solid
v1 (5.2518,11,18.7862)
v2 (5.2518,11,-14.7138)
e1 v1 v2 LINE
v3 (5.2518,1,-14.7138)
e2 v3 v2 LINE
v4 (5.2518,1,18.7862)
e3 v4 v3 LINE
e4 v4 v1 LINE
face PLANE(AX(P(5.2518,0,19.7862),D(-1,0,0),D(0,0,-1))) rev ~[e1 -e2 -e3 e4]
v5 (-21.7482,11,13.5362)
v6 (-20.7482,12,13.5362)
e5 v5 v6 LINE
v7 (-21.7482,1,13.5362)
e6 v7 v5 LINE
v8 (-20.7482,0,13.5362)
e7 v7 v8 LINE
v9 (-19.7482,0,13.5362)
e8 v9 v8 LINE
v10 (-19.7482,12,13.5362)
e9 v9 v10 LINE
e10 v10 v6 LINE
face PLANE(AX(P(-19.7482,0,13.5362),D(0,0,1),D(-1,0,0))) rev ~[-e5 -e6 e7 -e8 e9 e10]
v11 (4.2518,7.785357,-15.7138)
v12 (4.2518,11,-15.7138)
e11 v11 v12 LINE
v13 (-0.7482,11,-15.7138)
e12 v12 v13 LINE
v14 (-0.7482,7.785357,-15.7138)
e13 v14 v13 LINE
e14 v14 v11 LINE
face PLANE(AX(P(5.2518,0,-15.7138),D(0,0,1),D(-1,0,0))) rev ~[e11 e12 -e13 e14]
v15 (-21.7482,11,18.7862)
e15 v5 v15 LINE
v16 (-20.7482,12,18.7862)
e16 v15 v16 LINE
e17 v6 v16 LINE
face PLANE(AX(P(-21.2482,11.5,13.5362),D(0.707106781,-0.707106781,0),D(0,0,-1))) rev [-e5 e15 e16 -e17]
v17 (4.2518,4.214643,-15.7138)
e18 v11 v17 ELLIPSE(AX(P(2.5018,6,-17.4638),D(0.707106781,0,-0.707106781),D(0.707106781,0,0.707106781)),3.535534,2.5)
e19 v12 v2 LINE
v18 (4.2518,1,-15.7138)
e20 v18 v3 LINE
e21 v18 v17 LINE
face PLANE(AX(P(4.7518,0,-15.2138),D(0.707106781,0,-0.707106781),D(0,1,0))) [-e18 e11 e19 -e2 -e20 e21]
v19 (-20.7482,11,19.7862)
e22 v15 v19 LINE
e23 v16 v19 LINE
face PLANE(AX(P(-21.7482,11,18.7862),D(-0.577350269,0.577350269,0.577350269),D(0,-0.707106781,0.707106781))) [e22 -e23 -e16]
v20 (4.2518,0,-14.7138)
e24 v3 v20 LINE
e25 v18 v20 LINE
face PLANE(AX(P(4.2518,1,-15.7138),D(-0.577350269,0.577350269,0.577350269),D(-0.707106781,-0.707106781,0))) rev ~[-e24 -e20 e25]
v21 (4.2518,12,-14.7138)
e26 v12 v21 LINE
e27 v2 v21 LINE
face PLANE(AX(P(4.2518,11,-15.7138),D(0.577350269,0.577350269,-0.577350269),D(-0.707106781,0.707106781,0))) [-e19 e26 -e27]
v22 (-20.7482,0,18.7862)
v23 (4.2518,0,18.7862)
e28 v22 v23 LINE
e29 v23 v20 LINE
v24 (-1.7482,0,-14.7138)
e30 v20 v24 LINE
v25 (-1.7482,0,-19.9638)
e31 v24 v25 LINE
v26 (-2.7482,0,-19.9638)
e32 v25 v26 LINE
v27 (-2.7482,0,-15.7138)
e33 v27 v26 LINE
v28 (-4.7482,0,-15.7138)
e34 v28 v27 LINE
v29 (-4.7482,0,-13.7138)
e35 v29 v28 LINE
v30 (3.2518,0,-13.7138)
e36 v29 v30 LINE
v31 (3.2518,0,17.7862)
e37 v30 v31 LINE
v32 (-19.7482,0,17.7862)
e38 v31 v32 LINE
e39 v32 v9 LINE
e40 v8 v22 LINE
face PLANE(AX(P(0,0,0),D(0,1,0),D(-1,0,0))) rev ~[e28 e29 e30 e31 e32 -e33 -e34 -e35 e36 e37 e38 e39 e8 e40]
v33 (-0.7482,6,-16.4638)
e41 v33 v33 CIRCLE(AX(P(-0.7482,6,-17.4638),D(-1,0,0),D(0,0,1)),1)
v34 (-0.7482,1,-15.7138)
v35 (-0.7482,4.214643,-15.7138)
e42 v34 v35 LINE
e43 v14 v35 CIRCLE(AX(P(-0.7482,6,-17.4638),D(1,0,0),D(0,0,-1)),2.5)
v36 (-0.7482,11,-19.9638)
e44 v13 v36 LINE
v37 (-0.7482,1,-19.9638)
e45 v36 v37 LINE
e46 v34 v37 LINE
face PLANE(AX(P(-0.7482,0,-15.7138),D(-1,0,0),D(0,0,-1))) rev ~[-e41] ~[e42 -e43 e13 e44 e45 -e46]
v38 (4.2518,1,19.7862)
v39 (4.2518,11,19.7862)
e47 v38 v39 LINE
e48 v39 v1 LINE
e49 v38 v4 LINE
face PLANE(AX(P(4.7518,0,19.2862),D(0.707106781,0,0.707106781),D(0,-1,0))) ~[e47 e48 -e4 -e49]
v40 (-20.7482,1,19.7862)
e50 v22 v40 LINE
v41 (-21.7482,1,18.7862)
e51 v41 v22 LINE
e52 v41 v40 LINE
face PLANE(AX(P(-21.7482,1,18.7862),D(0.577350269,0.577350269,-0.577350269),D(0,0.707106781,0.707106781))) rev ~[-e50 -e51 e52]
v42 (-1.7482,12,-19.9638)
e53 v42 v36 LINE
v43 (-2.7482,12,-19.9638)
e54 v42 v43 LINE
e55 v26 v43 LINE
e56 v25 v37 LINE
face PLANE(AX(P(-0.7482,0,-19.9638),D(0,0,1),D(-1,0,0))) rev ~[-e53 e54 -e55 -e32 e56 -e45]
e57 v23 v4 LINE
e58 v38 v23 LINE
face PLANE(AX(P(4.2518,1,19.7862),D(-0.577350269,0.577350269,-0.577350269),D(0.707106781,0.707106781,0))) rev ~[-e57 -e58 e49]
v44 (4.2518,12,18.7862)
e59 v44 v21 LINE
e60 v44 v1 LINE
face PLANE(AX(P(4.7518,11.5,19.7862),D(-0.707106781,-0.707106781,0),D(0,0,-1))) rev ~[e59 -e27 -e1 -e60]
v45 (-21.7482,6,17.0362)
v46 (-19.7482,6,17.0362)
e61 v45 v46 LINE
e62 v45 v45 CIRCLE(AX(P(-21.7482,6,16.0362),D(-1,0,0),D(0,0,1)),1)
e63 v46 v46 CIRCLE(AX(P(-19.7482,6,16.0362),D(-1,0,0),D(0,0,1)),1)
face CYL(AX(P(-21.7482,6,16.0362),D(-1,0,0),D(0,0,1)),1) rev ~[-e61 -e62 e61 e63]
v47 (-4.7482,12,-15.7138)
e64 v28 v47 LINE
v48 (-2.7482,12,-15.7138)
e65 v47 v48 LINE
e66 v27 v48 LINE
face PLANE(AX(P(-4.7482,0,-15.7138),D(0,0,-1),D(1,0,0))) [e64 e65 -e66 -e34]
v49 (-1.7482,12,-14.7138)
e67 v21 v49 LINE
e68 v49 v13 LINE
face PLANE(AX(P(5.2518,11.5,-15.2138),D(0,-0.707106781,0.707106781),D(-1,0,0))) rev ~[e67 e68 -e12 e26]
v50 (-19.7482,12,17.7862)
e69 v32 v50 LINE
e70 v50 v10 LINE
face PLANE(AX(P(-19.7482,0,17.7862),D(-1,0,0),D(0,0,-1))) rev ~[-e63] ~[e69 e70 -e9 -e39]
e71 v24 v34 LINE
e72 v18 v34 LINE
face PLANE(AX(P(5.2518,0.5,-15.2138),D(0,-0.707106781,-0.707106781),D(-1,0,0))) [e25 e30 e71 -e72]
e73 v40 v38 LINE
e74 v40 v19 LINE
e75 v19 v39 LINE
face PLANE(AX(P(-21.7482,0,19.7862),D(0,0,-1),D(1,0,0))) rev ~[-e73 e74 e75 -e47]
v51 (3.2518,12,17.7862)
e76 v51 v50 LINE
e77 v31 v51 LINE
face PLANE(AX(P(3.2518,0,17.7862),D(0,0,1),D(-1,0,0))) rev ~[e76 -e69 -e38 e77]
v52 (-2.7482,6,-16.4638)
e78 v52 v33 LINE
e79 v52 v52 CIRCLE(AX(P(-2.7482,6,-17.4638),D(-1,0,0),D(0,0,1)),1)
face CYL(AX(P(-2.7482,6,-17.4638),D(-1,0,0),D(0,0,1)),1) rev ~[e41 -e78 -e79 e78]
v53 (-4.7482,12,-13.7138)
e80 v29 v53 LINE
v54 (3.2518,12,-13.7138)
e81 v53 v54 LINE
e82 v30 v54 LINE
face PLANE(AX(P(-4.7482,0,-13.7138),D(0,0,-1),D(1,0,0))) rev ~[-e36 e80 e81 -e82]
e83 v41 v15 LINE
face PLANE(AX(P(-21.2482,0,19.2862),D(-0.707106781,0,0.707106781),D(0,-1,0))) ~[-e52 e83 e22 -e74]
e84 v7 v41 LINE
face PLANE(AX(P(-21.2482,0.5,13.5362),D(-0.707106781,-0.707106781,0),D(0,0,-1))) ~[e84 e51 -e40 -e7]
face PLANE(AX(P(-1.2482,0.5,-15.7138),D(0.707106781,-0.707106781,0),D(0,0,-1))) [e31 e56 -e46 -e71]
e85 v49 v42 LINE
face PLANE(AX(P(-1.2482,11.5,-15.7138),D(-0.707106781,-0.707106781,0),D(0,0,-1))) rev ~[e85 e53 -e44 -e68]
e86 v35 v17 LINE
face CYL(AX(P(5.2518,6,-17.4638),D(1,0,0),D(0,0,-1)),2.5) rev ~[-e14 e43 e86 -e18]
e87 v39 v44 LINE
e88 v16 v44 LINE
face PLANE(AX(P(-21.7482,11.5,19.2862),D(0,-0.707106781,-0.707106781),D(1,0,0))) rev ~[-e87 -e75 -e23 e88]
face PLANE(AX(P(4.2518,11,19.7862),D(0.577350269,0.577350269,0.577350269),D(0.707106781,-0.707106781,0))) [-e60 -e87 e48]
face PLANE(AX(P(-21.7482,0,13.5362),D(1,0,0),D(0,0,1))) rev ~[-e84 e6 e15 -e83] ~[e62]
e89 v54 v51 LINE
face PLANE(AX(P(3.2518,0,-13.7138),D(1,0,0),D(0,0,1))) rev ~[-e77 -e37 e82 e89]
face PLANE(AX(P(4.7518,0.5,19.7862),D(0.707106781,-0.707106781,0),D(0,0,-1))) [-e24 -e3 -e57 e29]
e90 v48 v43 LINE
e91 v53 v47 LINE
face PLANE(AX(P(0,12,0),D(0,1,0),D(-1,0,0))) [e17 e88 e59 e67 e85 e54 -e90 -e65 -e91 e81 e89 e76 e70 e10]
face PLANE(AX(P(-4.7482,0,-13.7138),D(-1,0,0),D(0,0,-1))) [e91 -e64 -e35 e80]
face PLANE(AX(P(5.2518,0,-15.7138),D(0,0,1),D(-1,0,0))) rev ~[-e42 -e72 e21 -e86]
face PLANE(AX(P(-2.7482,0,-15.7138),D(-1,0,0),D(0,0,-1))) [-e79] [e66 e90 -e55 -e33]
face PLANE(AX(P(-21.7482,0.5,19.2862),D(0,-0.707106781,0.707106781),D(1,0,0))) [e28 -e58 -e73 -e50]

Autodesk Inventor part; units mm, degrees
ref_plane "YZ Plane" through (0, 0, 0) normal (1, 0, 0) x (0, 1, 0)
ref_plane "XZ Plane" through (0, 0, 0) normal (0, 1, 0) x (-1, 0, 0)
ref_plane "XY Plane" through (0, 0, 0) normal (0, 0, 1) x (1, 0, 0)
sketch "Sketch1" plane through (0, 0, 0) normal (0, 1, 0) x (-1, 0, 0)
  line L0 (21.7482, 13.5362) -> (21.7482, 19.7862)
  line L1 (21.7482, 19.7862) -> (-5.2518, 19.7862)
  line L2 (-5.2518, 19.7862) -> (-5.2518, -15.7138)
  line L3 (-5.2518, -15.7138) -> (0.7482, -15.7138)
  line L4 (0.7482, -15.7138) -> (0.7482, -19.9638)
  line L5 (0.7482, -19.9638) -> (2.7482, -19.9638)
  line L6 (4.7482, -13.7138) -> (-3.2518, -13.7138)
  line L7 (-3.2518, -13.7138) -> (-3.2518, 17.7862)
  line L8 (-3.2518, 17.7862) -> (19.7482, 17.7862)
  line L9 (19.7482, 17.7862) -> (19.7482, 13.5362)
  line L10 (19.7482, 13.5362) -> (21.7482, 13.5362)
  line L11 (4.7482, -13.7138) -> (4.7482, -15.7138)
  line L12 (4.7482, -15.7138) -> (2.7482, -15.7138)
  line L13 (2.7482, -15.7138) -> (2.7482, -19.9638)
  point P0 (0, 0)
  dimension "d1" = 4.25
  dimension "d2" = 2
  dimension "d3" = 2
  dimension "d4" = 2
  dimension "d5" = 2
  dimension "d6" = 2
  dimension "d7" = 23
  dimension "d8" = 2
  dimension "d9" = 4.25
  dimension "d10" = 2
  dimension "d21" = 31.5
  dimension "d22" = 8
extrude "Extrusion1" add sketch "Sketch1" along normal blind 12
sketch "Sketch2" plane through (-21.7482, 0, 13.5362) normal (-1, 0, 0) x (0, 0, 1)
  circle A0 centre (2.5, 6) radius 1
  line L0 (6.25, 0) -> (6.25, 12) projected
  line L1 (0, 0) -> (0, 12) projected
  point P0 (-13.5362, 0)
  point P1 (6.25, 6)
  dimension "d13" = 1.5
  dimension "d14" = 2
extrude "Extrusion2" cut sketch "Sketch2" against normal up to surface (2 mm away)
sketch "Sketch3" plane through (-2.7482, 0, -19.9638) normal (-1, 0, 0) x (0, 0, 1)
  circle A0 centre (2.5, 6) radius 1
  line L0 (0, 0) -> (0, 12) projected
  point P0 (19.9638, 0)
  point P1 (0, 6)
  dimension "d17" = 1.5
  dimension "d18" = 2
extrude "Extrusion3" cut sketch "Sketch3" against normal up to surface (2 mm away)
chamfer "Chamfer1" distance 1 angle 45 13 edges at (5.2518, 0, 2.0362) (5.2518, 12, 2.0362) (-8.2482, 12, 19.7862) (-8.2482, 0, 19.7862) (-21.7482, 0, 16.6612) (-21.7482, 12, 16.6612) (-21.7482, 6, 19.7862) (5.2518, 6, -15.7138) (2.2518, 12, -15.7138) (2.2518, 0, -15.7138) (-0.7482, 12, -17.8388) (-0.7482, 0, -17.8388) (5.2518, 6, 19.7862)
sketch "Sketch4" plane through (5.2518, 1, -14.7138) normal (1, 0, 0) x (0, 0, -1)
  circle A0 centre (2.75, 5) radius 2.5
  circle A1 centre (2.75, 5) radius 1 projected
  point P0 (-14.7138, -1)
  dimension "d26" = 5
extrude "Extrusion4" cut sketch "Sketch4" against normal up to surface (6 mm away) contours A0 | A1
equation "\"d1\" = -0.5 * servo_A + 0.5 * servo_D"
equation "\"d7\" = servo_E + servo_F"
equation "\"d8\" = servo_F"
equation "\"d9\" = -0.5 * servo_A + 0.5 * servo_D"
equation "\"d21\" = servo_D"
equation "\"d11\" = servo_B"
equation "\"d13\" = servo_L"
equation "\"d14\" = servo_H"
equation "\"d15\" = servo_B"
equation "\"d17\" = servo_L"
equation "\"d18\" = servo_H"
equation "\"d19\" = servo_B"
equation "\"servo_A\" = 23"
equation "\"servo_D\" = 31.5"
equation "\"servo_E\" = 21"
equation "\"servo_F\" = 2"
equation "\"servo_B\" = 12"
equation "\"servo_L\" = 1.5"
equation "\"servo_H\" = 2"
properties part number "FEMUR2_B"
